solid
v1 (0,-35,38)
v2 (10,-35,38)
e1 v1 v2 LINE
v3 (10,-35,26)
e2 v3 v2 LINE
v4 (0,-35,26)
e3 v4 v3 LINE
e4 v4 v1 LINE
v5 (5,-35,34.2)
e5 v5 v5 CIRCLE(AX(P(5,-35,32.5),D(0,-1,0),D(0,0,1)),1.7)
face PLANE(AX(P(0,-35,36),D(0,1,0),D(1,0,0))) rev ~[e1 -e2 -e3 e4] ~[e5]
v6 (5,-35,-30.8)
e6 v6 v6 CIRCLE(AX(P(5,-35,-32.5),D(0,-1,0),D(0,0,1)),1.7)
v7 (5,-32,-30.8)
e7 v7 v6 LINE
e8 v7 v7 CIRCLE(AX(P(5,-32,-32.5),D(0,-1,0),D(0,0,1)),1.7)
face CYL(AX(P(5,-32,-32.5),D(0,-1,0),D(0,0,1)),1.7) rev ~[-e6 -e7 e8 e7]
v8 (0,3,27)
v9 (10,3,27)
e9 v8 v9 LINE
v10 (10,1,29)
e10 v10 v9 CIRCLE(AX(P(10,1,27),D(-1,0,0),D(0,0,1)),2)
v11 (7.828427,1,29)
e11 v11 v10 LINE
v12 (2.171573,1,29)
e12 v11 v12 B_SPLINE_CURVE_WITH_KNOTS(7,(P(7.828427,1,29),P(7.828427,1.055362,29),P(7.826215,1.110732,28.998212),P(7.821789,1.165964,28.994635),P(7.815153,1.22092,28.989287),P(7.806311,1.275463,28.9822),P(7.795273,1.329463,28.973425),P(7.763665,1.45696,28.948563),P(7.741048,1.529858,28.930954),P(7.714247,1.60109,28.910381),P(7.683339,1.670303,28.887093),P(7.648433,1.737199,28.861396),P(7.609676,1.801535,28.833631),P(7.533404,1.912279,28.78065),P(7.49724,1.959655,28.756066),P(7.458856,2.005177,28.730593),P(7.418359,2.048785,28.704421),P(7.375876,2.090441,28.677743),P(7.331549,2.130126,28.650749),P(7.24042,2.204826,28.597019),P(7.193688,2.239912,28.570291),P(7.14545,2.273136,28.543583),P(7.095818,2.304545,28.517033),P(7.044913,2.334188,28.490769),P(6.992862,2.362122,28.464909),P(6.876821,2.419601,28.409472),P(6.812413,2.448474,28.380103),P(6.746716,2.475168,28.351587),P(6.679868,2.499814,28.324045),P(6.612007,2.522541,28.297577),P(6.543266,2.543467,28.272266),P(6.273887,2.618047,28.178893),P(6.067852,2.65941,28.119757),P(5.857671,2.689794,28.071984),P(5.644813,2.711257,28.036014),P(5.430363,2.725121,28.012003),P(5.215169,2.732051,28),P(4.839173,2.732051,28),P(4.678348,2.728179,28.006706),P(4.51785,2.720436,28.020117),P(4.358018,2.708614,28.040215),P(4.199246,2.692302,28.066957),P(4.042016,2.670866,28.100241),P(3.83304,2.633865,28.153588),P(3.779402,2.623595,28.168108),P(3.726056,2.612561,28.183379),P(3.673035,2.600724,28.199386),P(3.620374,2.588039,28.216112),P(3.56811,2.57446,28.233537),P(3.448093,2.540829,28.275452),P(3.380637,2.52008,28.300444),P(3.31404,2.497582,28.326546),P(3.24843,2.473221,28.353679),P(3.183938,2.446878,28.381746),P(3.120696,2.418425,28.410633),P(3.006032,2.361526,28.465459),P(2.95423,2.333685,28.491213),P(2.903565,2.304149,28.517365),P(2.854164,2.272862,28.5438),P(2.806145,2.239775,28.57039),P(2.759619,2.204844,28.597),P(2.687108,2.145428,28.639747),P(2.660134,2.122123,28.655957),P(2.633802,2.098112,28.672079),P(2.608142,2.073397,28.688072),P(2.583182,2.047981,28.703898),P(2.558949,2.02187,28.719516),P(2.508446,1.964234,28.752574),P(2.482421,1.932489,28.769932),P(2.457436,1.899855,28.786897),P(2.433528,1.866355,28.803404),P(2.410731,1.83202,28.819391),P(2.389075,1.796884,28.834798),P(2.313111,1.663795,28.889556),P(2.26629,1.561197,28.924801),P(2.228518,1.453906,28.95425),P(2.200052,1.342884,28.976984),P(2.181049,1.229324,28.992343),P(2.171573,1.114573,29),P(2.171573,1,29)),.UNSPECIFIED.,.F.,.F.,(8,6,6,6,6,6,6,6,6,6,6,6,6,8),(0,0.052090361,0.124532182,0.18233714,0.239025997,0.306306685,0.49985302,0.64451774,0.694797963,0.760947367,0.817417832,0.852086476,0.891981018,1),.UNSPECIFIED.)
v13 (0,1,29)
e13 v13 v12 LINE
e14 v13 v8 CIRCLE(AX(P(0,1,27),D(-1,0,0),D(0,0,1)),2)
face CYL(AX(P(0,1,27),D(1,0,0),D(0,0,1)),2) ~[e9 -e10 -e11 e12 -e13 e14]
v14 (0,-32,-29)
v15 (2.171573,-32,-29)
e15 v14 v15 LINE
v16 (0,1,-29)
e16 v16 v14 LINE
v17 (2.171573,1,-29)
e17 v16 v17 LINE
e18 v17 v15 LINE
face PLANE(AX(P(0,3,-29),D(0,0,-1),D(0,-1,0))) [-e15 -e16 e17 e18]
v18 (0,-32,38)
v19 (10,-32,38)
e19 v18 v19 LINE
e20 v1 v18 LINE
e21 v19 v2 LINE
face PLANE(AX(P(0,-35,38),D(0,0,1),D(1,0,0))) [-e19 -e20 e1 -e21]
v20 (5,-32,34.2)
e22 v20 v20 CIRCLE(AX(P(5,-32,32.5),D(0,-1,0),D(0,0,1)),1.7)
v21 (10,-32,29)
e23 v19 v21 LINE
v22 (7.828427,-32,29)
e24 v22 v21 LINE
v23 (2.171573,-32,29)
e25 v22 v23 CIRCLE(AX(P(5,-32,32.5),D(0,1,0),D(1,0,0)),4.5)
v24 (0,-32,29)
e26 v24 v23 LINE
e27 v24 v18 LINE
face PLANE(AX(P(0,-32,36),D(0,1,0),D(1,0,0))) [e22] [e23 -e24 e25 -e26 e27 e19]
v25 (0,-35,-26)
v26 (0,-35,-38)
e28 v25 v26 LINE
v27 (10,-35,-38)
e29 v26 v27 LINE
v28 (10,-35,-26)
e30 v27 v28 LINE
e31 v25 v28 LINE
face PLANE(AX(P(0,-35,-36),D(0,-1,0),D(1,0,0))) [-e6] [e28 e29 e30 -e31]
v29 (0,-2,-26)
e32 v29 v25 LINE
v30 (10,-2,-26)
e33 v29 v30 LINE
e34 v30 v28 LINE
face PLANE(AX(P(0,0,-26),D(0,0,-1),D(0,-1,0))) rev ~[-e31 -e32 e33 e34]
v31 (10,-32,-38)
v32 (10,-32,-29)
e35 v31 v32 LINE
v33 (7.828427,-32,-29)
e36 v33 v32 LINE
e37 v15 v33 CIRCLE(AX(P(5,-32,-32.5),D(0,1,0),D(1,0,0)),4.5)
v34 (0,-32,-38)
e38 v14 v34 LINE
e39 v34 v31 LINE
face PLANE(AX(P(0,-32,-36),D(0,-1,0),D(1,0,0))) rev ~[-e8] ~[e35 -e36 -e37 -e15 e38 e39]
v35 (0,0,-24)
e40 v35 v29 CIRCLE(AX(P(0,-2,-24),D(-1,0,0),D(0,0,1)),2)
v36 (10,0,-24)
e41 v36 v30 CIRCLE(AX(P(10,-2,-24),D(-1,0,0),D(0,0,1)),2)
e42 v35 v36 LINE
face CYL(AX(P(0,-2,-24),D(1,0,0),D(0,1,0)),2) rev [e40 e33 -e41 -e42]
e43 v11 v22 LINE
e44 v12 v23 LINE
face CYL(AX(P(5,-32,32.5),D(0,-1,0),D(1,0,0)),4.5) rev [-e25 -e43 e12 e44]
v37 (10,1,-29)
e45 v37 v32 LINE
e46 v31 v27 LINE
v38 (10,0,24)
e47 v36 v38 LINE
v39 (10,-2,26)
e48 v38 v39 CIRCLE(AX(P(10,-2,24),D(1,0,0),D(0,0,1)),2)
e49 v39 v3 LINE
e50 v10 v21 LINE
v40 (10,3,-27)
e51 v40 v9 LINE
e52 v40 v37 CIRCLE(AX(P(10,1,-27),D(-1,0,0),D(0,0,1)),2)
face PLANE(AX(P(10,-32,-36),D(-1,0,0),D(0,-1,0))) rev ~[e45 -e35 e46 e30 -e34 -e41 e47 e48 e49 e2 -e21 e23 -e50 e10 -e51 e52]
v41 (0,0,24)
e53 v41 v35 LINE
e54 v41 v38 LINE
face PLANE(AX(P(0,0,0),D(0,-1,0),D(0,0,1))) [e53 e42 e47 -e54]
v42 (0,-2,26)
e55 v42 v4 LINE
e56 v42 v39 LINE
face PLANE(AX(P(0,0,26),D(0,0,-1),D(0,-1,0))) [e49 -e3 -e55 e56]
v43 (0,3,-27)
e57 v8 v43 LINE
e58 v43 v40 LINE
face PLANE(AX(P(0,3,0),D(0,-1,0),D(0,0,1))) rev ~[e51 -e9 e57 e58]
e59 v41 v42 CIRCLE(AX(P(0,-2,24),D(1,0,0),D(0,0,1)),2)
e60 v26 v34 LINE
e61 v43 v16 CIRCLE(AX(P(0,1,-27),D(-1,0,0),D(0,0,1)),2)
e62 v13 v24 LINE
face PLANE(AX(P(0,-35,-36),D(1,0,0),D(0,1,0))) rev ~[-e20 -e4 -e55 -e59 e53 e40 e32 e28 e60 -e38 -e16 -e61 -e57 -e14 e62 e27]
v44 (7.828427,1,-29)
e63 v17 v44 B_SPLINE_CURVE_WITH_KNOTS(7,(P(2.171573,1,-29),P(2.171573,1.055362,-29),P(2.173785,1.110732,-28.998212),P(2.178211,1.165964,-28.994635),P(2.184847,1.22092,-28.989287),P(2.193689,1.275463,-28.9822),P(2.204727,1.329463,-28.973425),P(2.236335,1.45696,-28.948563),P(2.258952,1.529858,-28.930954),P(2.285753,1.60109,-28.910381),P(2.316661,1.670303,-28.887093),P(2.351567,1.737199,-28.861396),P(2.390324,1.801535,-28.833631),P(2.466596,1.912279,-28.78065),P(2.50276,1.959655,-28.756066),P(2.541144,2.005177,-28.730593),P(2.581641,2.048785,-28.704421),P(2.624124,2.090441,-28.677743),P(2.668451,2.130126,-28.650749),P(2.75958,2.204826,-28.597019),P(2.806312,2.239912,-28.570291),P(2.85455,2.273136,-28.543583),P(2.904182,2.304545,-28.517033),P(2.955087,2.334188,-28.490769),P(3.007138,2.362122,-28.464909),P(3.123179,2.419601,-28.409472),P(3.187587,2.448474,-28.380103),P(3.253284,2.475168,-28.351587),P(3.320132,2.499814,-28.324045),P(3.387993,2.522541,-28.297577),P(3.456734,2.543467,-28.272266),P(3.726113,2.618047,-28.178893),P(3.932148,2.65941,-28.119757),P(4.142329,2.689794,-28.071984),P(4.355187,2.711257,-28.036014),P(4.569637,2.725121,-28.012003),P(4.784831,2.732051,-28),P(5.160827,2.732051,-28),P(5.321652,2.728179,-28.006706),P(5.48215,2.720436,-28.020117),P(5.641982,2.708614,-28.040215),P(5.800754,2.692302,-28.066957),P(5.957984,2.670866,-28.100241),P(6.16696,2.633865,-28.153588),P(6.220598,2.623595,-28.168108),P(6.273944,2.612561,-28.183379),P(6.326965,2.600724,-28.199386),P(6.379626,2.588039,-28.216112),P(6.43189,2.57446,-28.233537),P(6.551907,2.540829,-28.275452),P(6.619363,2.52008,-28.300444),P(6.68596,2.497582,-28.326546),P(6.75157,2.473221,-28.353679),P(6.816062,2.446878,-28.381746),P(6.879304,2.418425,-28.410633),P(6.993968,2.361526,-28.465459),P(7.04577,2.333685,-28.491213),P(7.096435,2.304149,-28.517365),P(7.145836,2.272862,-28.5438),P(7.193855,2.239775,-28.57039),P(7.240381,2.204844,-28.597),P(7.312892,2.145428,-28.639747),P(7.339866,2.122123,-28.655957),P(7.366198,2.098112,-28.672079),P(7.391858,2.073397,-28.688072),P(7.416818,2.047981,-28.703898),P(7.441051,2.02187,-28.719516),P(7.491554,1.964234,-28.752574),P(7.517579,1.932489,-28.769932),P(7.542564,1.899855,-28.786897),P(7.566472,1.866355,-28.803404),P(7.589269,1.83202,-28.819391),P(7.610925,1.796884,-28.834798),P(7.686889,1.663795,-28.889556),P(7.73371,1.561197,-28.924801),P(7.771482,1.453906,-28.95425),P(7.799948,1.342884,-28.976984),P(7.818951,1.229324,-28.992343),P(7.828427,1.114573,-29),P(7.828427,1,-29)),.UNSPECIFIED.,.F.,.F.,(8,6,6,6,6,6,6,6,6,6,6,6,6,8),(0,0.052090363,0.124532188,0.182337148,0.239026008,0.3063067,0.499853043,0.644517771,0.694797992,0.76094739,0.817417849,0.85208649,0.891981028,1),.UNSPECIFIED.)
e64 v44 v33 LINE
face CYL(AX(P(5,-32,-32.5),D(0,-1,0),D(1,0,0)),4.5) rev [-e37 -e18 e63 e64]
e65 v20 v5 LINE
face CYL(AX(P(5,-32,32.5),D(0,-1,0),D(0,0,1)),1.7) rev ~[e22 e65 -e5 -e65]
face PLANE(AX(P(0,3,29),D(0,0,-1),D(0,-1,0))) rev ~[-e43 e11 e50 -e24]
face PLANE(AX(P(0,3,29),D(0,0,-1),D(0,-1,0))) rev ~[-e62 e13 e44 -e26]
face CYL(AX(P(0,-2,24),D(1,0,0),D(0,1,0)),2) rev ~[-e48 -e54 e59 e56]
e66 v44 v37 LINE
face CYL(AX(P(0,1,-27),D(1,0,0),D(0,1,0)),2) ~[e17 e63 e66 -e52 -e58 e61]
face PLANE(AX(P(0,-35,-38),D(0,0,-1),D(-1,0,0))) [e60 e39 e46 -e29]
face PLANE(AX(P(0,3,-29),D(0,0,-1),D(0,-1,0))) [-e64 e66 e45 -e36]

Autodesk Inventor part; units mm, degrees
ref_plane "YZ Plane" through (0, 0, 0) normal (1, 0, 0) x (0, 1, 0)
ref_plane "XZ Plane" through (0, 0, 0) normal (0, 1, 0) x (-1, 0, 0)
ref_plane "XY Plane" through (0, 0, 0) normal (0, 0, 1) x (1, 0, 0)
sketch "Sketch1" plane through (0, 0, 0) normal (1, 0, 0) x (0, 1, 0)
  line L0 (0, 0) -> (0, 26)
  line L1 (0, 26) -> (-35, 26)
  line L2 (0, 0) -> (3, 0)
  line L3 (3, 0) -> (3, 29)
  line L4 (3, 29) -> (-32, 29)
  line L5 (-32, 29) -> (-32, 36)
  line L6 (-32, 36) -> (-35, 36)
  line L7 (-35, 36) -> (-35, 26)
  line L8 (0, 0) -> (0, -26)
  line L9 (0, -26) -> (-35, -26)
  line L10 (3, 0) -> (3, -29)
  line L11 (3, -29) -> (-32, -29)
  line L12 (-32, -29) -> (-32, -36)
  line L13 (-32, -36) -> (-35, -36)
  line L14 (-35, -36) -> (-35, -26)
  dimension "d0" = 26
  dimension "d1" = 35
  dimension "d2" = 3
  dimension "d3" = 29
  dimension "d4" = 35
  dimension "d5" = 7
extrude "Extrusion1" add sketch "Sketch1" along normal blind 10
fillet "Fillet1" radius 2 4 edges at (5, 3, 29) (5, 0, 26) (5, 0, -26) (5, 3, -29)
sketch "Sketch2" plane through (0, -32, 36) normal (0, 1, 0) x (1, 0, 0)
  line L0 (0, 7) -> (0, 0) projected
  line L1 (0, 3.5) -> (5, 3.5)
  line L2 (0, 62) -> (0, 72) projected
  line L3 (0, 72) -> (0, 68.5)
  line L4 (0, 68.5) -> (5, 68.5)
  point P0 (0, 36)
  dimension "d9" = 3.5
hole "Hole1" at (5, -32, 32.5) at (5, -32, -32.5) direction (0, -1, 0) diameter 3.4 end through all clearance for "Socket Head Cap Screw ISO 4762" size "M3" standard "ISO"
sketch "Sketch3" plane through (0, -32, 36) normal (0, 1, 0) x (1, 0, 0)
  circle A0 centre (5, 3.5) radius 1.7 projected
  circle A1 centre (5, 3.5) radius 4.5
  circle A2 centre (5, 68.5) radius 1.7 projected
  circle A3 centre (5, 68.5) radius 4.5
  point P0 (0, 36)
  dimension "d17" = 9
  dimension "d18" = 9
extrude "Extrusion2" cut sketch "Sketch3" along normal through all
sketch "Sketch4" plane through (0, -35, 36) normal (0, 0, 1) x (1, 0, 0)
  line L0 (0, 3) -> (2.1716, 3) projected
  line L1 (0, 0) -> (10, 0) projected
  line L2 (0, 3) -> (10, 3)
  line L3 (10, 3) -> (10, 0)
  line L4 (10, 0) -> (0, 0)
  line L5 (0, 0) -> (0, 3)
  point P0 (0, 35)
extrude "Extrusion3" add sketch "Sketch4" along normal blind 2
sketch "Sketch5" plane through (0, -35, -36) normal (0, 0, -1) x (-1, 0, 0)
  line L0 (0, 0) -> (-10, 0) projected
  line L1 (0, 3) -> (-10, 3)
  line L2 (-10, 3) -> (-10, 0)
  line L3 (-10, 0) -> (0, 0)
  line L4 (0, 0) -> (0, 3)
  point P0 (0, 35)
extrude "Extrusion4" add sketch "Sketch5" along normal blind 2
properties part number "battery-bracket"
